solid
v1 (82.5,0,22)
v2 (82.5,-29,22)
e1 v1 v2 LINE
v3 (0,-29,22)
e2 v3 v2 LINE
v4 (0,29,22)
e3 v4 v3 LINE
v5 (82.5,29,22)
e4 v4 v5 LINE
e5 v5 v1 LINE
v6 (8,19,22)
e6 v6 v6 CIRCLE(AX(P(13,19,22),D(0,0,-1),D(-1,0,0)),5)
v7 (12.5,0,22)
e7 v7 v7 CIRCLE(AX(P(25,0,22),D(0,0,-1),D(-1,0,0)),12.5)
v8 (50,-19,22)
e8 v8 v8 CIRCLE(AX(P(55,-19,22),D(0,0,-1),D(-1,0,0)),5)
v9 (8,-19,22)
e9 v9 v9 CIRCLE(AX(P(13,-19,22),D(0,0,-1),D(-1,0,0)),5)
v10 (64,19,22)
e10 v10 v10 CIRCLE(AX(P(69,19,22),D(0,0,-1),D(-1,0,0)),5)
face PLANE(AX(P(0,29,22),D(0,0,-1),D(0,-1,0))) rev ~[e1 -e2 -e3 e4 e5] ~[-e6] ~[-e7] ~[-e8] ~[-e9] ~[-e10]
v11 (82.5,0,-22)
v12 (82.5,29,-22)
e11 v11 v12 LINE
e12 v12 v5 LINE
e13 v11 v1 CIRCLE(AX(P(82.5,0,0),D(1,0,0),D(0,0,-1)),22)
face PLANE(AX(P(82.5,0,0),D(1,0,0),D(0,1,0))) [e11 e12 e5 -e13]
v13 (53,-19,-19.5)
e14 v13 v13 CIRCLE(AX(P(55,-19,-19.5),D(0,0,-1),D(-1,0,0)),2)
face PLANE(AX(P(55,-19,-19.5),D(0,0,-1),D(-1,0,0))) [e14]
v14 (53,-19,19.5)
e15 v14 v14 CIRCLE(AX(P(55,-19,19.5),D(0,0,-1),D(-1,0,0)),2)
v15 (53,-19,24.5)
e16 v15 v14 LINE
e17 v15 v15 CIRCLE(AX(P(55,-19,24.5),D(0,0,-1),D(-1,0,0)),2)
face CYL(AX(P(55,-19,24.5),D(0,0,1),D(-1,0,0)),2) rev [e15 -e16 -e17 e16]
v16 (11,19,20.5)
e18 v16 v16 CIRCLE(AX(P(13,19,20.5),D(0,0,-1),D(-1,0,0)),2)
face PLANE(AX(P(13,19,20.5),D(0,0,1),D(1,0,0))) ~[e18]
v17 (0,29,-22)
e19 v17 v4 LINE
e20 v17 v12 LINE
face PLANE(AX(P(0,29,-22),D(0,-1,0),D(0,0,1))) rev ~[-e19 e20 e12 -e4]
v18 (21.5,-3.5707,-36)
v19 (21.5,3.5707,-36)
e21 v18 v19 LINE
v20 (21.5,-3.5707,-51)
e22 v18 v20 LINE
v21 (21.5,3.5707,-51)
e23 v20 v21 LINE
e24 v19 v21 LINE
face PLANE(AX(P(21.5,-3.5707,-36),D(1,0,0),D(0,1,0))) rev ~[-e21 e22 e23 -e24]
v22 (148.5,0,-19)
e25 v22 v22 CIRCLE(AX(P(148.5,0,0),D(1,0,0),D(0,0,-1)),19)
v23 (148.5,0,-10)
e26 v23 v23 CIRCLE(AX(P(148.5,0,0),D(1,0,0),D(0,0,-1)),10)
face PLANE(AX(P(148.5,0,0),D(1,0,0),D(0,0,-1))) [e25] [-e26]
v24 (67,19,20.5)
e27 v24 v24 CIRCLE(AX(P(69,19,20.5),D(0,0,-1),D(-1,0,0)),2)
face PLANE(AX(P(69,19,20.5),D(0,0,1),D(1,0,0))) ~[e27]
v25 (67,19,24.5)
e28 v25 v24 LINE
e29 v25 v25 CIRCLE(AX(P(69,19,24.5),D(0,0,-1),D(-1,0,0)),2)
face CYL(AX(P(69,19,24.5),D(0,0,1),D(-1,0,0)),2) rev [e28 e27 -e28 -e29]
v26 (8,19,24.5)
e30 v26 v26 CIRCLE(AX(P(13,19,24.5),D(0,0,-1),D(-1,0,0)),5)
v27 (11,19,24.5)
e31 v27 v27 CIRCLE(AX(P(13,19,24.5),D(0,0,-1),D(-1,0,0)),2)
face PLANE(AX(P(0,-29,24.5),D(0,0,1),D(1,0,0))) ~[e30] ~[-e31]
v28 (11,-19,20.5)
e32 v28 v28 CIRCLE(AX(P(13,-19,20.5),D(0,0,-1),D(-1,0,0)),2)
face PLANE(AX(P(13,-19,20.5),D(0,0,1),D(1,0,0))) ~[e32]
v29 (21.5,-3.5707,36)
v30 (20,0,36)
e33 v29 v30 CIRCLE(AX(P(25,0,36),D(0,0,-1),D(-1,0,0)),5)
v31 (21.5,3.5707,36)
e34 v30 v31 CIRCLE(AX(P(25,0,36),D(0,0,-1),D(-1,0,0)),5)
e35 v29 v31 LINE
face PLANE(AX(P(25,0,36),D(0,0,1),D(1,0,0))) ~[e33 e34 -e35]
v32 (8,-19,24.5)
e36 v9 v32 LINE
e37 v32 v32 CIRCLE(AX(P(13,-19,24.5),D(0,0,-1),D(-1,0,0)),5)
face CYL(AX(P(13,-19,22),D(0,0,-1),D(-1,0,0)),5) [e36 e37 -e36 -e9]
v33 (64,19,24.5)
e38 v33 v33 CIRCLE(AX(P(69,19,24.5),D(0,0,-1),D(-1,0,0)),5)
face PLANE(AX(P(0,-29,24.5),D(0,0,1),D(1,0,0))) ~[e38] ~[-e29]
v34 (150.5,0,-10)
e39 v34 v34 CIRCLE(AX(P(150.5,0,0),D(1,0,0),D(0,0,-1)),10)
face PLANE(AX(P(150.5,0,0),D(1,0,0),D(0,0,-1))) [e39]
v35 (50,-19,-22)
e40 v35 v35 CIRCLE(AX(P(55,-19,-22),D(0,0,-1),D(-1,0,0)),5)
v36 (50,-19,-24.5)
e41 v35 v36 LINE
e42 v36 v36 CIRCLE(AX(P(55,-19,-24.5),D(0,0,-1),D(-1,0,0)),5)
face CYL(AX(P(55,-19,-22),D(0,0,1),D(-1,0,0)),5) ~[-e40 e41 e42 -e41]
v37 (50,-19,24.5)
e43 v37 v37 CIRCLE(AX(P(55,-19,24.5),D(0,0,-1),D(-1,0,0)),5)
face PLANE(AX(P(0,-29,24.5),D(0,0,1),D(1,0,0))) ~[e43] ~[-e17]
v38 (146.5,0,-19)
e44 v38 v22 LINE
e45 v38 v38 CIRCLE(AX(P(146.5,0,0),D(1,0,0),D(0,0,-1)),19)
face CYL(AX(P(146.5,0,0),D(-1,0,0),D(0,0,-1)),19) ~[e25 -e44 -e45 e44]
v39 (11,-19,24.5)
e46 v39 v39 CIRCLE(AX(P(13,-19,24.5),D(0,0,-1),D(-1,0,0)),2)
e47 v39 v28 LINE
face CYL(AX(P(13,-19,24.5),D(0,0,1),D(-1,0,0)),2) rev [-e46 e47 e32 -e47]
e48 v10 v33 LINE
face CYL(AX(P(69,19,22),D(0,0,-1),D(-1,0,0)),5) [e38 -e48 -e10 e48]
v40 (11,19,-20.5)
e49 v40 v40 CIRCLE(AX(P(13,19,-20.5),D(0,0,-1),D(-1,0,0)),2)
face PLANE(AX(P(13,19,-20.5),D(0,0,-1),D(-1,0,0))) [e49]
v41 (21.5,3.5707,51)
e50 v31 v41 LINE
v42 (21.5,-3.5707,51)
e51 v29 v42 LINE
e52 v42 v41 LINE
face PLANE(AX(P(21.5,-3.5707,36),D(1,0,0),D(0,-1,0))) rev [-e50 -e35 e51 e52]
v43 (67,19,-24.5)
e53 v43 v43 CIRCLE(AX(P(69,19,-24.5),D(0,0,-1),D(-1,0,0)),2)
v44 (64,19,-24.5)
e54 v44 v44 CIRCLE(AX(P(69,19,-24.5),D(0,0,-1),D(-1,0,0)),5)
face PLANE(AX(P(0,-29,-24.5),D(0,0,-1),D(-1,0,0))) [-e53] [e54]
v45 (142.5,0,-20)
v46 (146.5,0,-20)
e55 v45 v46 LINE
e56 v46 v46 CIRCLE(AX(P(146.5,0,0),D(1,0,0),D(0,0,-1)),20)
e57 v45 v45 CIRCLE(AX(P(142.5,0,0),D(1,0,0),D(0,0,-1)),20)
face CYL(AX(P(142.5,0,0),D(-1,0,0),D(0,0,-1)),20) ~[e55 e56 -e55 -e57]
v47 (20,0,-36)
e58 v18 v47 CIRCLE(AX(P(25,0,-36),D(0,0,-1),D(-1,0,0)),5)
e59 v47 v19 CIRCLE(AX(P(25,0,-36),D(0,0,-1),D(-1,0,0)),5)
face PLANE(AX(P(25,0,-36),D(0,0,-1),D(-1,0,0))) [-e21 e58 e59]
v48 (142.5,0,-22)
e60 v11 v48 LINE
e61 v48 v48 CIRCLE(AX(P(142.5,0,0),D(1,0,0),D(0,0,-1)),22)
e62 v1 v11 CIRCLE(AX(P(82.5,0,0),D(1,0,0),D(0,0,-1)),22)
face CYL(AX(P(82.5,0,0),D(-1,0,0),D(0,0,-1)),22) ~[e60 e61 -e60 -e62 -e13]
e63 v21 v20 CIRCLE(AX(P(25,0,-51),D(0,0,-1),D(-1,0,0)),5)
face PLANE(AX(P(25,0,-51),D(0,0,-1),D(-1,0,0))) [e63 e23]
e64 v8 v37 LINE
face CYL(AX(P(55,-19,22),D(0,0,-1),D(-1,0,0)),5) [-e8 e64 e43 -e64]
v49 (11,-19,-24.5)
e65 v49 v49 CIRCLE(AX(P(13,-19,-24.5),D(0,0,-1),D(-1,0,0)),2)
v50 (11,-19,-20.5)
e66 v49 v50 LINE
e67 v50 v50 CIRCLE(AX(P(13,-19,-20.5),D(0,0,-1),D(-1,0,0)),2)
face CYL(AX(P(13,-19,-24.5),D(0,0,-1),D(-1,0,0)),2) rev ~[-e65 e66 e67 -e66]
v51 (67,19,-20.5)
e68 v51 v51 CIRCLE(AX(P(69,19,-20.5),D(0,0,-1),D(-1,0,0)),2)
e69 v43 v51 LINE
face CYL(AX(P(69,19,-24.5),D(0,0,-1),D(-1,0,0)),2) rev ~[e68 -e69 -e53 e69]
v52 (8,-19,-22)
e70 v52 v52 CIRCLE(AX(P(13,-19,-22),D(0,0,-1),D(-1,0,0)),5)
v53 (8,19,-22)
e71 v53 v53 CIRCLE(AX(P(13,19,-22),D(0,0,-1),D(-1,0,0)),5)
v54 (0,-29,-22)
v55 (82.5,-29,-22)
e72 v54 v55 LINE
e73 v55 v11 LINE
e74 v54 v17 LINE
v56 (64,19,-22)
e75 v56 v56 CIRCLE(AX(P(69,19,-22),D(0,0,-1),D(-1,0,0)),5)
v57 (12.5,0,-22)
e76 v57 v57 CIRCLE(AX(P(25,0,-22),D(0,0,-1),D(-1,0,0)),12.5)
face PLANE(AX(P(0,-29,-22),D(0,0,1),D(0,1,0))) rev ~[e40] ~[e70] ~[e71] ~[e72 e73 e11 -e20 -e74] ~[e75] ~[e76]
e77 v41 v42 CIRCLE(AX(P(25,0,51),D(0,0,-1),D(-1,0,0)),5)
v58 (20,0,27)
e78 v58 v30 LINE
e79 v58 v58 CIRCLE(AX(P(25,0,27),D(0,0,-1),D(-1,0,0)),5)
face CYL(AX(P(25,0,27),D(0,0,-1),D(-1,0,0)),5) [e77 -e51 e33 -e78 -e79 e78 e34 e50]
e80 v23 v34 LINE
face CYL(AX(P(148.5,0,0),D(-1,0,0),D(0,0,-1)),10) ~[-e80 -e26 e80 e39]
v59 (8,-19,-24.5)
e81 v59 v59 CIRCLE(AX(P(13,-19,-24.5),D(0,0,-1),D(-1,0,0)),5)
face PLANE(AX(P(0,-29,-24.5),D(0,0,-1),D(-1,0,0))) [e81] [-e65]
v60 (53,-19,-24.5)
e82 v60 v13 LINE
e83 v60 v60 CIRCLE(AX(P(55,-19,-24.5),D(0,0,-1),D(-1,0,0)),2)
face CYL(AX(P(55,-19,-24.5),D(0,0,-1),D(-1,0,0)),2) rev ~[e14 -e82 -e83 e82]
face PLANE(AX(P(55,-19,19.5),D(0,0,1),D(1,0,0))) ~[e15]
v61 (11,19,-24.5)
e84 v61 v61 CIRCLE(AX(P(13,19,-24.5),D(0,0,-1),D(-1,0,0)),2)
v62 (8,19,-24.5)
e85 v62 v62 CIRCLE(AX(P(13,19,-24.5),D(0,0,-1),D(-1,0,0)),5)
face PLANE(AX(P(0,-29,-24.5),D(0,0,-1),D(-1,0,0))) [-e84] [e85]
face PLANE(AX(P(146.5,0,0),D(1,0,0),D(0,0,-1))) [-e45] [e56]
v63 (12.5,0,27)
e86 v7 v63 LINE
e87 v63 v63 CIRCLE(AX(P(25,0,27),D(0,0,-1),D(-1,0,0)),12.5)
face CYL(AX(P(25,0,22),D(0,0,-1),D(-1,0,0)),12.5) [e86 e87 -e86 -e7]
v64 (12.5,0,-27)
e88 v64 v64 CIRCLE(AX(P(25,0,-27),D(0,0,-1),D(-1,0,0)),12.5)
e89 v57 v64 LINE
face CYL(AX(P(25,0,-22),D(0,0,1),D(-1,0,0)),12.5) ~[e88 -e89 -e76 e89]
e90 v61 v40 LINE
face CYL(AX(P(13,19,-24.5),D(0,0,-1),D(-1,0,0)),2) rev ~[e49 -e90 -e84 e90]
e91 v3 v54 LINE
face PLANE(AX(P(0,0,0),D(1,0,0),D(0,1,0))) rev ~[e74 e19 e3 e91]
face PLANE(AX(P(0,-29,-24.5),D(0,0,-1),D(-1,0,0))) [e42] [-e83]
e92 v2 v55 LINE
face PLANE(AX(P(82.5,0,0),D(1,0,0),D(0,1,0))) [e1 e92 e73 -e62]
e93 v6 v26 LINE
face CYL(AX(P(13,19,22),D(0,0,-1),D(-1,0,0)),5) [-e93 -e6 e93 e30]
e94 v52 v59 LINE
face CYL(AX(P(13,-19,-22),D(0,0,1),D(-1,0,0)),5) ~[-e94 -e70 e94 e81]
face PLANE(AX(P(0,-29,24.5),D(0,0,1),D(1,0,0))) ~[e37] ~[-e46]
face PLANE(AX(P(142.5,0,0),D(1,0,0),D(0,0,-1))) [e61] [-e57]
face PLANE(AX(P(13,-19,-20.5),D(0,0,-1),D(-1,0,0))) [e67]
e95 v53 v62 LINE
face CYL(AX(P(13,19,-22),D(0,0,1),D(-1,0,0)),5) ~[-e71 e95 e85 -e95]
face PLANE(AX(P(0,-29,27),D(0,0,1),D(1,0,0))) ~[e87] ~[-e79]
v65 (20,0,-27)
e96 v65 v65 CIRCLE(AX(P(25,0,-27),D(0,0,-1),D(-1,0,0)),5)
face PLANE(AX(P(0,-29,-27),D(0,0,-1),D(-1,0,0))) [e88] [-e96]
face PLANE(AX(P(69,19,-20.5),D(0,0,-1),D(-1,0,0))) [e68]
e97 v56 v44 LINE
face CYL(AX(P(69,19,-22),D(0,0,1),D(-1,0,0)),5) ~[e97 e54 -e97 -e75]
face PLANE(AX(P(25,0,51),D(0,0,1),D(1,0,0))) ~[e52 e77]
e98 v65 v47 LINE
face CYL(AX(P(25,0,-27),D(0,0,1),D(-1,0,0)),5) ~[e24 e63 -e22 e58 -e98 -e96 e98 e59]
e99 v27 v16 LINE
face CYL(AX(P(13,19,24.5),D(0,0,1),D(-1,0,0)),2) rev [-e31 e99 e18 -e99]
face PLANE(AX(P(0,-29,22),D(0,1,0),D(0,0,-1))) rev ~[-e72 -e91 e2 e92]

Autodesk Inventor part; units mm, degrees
ref_plane "YZ Plane" through (0, 0, 0) normal (1, 0, 0) x (0, 1, 0)
ref_plane "XZ Plane" through (0, 0, 0) normal (0, 1, 0) x (-1, 0, 0)
sketch "Sketch1" plane through (0, 0, 0) normal (1, 0, 0) x (0, 1, 0)
  line L0 (29, 22) -> (-29, 22)
  line L1 (-29, 22) -> (-29, -22)
  line L2 (-29, -22) -> (29, -22)
  line L3 (29, -22) -> (29, 22)
  dimension "d4" = 58
  dimension "d5" = 44
extrude "Extrusion1" add sketch "Sketch1" along normal blind 82.5
sketch "Sketch2" plane through (82.5, 0, 0) normal (1, 0, 0) x (0, 0, -1)
  circle A0 centre (0, 0) radius 22
  dimension "d8" = 44
extrude "Extrusion2" add sketch "Sketch2" along normal blind 60
sketch "Sketch3" plane through (142.5, 0, 0) normal (1, 0, 0) x (0, 0, -1)
  circle A0 centre (0, 0) radius 20
  dimension "d11" = 40
extrude "Extrusion3" add sketch "Sketch3" along normal blind 4
sketch "Sketch4" plane through (146.5, 0, 0) normal (1, 0, 0) x (0, 0, -1)
  circle A0 centre (0, 0) radius 19
  dimension "d14" = 38
extrude "Extrusion4" add sketch "Sketch4" along normal blind 2
sketch "Sketch5" plane through (148.5, 0, 0) normal (1, 0, 0) x (0, 0, -1)
  circle A0 centre (0, 0) radius 10
  dimension "d17" = 20
extrude "Extrusion5" add sketch "Sketch5" along normal blind 2
sketch "Sketch6" plane through (0, -29, -22) normal (0, 0, -1) x (-1, 0, 0)
  circle A0 centre (-25, 29) radius 12.5
  point P0 (0, 29)
  dimension "d21" = 25
extrude "Extrusion6" add sketch "Sketch6" along normal blind 5
sketch "Sketch7" plane through (0, -29, -22) normal (0, 0, -1) x (-1, 0, 0)
  line L0 (0, 0) -> (-82.5, 0) projected
  line L1 (0, 0) -> (0, 58) projected
  circle A0 centre (-13, 10) radius 5
  line L2 (-82.5, 29) -> (-82.5, 58) projected
  circle A1 centre (-13, 48) radius 5
  point P0 (0, 29)
  dimension "d28" = 10
extrude "Extrusion7" add sketch "Sketch7" along normal blind 2.5
sketch "Sketch8" plane through (0, -29, -22) normal (0, 0, -1) x (-1, 0, 0)
  line L0 (0, 0) -> (-82.5, 0) projected
  circle A0 centre (-55, 10) radius 5
  point P0 (0, 29)
  dimension "d33" = 10
extrude "Extrusion8" add sketch "Sketch8" along normal blind 2.5
sketch "Sketch9" plane through (0, -29, -22) normal (0, 0, -1) x (-1, 0, 0)
  circle A0 centre (-69, 48) radius 5
  point P0 (0, 29)
  point P1 (0, 58)
  dimension "d38" = 10
extrude "Extrusion9" add sketch "Sketch9" along normal blind 2.5
sketch "Sketch10" plane through (55, -19, -24.5) normal (0, 0, -1) x (-1, 0, 0)
  circle A0 centre (0, 0) radius 2
  point P0 (55, 19)
  dimension "d41" = 4
extrude "Extrusion10" cut sketch "Sketch10" against normal blind 5
sketch "Sketch11" plane through (69, 19, -24.5) normal (0, 0, -1) x (-1, 0, 0)
  circle A0 centre (0, 0) radius 2
  point P0 (69, -19)
  dimension "d44" = 4
extrude "Extrusion11" cut sketch "Sketch11" against normal blind 4
sketch "Sketch12" plane through (13, -19, -24.5) normal (0, 0, -1) x (-1, 0, 0)
  circle A0 centre (0, 0) radius 2
  point P0 (13, 19)
  dimension "d47" = 4
extrude "Extrusion12" cut sketch "Sketch12" against normal blind 4
sketch "Sketch13" plane through (13, 19, -24.5) normal (0, 0, -1) x (-1, 0, 0)
  circle A0 centre (0, 0) radius 2
  point P0 (13, -19)
  dimension "d50" = 4
extrude "Extrusion13" cut sketch "Sketch13" against normal blind 4
sketch "Sketch14" plane through (25, 0, -27) normal (0, 0, -1) x (-1, 0, 0)
  circle A0 centre (0, 0) radius 5
  point P0 (25, 0)
  dimension "d53" = 10
extrude "Extrusion14" add sketch "Sketch14" along normal blind 9
sketch "Sketch15" plane through (25, 0, -36) normal (0, 0, -1) x (-1, 0, 0)
  circle A0 centre (0, 0) radius 5 projected
  line L0 (3.5, -3.5707) -> (3.5, 3.5707)
  arc A1 (3.5, 3.5707) -> (3.5, -3.5707) centre (0, 0) ccw
  point P0 (25, 0)
extrude "Extrusion15" add sketch "Sketch15" along normal blind 15 contours L0 A0 picked at (0.6794, -0.2053)
ref_plane "Work Plane1" through (0, -29, 0) normal (0, 0, 1) x (1, 0, 0)
mirror "Mirror1" about plane through (0, -29, 0) normal (0, 0, 1) of "Extrusion8", "Extrusion10", "Extrusion9", "Extrusion11", "Extrusion6", "Extrusion14", "Extrusion15", "Extrusion7", "Extrusion12", "Extrusion13"
equation "\"d45\" = d44"
equation "\"d48\" = d47"
equation "\"d51\" = d50"
properties part number "GEARBOX PURNIMA SAMARARATNE" material "Steel"
